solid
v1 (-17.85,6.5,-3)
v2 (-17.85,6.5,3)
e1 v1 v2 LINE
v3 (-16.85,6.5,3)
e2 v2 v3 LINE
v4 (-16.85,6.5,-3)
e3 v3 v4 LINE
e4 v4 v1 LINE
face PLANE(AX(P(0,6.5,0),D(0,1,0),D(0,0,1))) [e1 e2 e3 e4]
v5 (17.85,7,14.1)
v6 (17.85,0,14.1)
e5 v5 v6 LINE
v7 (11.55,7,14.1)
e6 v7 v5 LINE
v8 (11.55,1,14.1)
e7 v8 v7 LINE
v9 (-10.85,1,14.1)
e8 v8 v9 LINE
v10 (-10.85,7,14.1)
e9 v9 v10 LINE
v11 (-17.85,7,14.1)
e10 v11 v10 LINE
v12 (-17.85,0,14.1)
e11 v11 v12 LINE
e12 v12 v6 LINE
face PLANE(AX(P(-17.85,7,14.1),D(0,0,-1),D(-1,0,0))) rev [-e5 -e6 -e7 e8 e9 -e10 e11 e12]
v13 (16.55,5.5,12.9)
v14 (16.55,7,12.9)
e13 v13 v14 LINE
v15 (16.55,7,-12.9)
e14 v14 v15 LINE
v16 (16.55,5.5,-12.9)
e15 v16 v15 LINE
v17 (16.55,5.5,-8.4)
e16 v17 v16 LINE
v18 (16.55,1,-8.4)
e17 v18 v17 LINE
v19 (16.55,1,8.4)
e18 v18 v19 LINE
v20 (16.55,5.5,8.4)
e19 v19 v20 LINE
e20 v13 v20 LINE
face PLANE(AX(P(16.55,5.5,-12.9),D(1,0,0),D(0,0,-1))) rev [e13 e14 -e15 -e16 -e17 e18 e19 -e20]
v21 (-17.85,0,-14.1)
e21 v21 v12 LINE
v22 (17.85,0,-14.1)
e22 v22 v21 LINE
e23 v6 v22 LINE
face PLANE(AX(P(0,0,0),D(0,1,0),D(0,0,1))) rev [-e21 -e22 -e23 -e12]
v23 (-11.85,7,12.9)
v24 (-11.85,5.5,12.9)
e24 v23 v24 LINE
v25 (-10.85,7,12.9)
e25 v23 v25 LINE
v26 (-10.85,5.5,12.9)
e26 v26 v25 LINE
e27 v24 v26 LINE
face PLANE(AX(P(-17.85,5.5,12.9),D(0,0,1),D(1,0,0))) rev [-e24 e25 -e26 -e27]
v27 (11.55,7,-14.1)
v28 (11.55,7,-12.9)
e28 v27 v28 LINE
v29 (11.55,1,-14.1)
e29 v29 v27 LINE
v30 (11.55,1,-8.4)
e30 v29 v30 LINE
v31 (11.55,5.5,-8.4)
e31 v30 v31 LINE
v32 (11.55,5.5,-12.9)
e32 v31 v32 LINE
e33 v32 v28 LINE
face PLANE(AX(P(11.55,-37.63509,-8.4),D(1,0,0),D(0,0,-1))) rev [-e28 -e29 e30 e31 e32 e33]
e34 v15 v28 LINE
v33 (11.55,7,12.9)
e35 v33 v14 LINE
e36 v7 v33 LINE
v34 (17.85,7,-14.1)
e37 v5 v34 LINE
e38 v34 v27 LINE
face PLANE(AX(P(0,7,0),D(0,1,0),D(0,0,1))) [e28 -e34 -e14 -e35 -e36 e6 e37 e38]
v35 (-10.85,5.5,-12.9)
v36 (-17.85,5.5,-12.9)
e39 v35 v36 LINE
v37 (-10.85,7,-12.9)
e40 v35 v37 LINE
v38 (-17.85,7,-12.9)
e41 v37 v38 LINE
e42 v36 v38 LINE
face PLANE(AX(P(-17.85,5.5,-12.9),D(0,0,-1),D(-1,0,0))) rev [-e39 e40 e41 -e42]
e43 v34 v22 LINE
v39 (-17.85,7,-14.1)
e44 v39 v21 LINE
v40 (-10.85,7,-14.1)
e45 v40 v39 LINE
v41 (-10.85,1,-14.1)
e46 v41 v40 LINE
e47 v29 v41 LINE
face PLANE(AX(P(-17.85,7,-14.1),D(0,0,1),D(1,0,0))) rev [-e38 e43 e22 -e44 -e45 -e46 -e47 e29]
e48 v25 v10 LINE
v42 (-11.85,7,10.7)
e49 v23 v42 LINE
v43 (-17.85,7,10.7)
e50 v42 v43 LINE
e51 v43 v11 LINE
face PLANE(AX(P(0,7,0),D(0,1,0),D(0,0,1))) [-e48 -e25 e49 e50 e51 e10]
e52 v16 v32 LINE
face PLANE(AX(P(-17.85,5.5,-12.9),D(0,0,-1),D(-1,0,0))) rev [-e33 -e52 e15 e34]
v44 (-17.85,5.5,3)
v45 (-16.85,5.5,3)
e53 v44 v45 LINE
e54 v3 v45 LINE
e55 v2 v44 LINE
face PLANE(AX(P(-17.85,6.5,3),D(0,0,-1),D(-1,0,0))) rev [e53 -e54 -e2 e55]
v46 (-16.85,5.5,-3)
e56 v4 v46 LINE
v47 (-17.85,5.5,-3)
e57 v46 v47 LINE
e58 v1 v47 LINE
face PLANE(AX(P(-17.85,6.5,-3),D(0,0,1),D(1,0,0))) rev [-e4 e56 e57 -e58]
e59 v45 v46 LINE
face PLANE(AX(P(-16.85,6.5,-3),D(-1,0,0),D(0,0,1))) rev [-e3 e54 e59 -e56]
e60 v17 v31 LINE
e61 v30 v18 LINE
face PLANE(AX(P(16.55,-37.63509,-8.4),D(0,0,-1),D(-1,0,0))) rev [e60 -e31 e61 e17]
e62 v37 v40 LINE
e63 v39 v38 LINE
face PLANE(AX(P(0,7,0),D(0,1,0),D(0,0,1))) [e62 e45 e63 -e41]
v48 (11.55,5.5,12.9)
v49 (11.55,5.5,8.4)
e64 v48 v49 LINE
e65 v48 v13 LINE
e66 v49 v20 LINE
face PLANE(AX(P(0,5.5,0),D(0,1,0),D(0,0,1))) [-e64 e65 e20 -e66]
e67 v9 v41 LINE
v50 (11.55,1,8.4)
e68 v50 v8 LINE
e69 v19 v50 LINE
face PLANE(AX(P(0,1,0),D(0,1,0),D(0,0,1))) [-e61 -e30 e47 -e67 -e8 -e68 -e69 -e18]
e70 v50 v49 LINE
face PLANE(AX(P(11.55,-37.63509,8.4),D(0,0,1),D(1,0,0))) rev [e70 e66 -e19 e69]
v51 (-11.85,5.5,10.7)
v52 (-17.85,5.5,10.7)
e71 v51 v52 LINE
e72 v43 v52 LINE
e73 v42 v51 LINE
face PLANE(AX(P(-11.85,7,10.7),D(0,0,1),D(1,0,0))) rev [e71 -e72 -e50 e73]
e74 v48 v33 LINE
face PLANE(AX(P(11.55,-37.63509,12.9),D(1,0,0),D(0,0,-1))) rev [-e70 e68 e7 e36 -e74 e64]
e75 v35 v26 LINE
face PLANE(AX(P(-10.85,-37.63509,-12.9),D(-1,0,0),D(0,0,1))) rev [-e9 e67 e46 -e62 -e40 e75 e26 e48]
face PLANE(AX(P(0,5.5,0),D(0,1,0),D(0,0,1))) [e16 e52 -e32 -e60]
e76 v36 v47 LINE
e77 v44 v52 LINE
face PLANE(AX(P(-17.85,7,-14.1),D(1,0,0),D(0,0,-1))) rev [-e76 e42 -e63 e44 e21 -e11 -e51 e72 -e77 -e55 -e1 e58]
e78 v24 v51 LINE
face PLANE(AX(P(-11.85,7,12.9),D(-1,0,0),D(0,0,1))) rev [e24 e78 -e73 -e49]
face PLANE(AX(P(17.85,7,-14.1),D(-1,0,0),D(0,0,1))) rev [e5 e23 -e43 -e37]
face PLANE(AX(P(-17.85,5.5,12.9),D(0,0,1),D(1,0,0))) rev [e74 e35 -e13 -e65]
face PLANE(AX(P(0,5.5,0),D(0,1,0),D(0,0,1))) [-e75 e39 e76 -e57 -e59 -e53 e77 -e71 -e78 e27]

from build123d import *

# Parameters (mm, degrees)
SKETCH1_W           = 35.7
SKETCH1_H           = 28.2
BOSS_EXTRUDE1_DEPTH = 7
SKETCH2_W           = 34.4
SKETCH2_H           = 25.8
CUT_EXTRUDE1_DEPTH  = 1.5
CUT_EXTRUDE2_DEPTH  = 4.5
SKETCH4_W           = 22.4
SKETCH4_H           = 1.2
CUT_EXTRUDE3_DEPTH  = 6
SKETCH5_W           = 1
SKETCH5_H           = 6
BOSS_EXTRUDE2_DEPTH = 1
SKETCH6_W           = 6
SKETCH6_H           = 2.2
BOSS_EXTRUDE3_DEPTH = 1.5


with BuildPart() as part:
    # Sketch1 → Boss-Extrude1 (new body)
    with BuildSketch(Plane(origin=(0, 0, 0), x_dir=(1, 0, 0), z_dir=(0, 1, 0))):
        Rectangle(SKETCH1_W, SKETCH1_H)
    extrude(amount=BOSS_EXTRUDE1_DEPTH)

    # Sketch2 → Cut-Extrude1 (cut)
    with BuildSketch(Plane(origin=(0, 7, 0), x_dir=(1, 0, 0), z_dir=(0, 1, 0))):
        with Locations((-0.65, 0)):
            Rectangle(SKETCH2_W, SKETCH2_H)
    extrude(amount=-CUT_EXTRUDE1_DEPTH, mode=Mode.SUBTRACT)

    # Sketch3 → Cut-Extrude2 (cut)
    with BuildSketch(Plane(origin=(0, 5.5, 0), x_dir=(1, 0, 0), z_dir=(0, 1, 0))):
        Polygon((-10.85, 12.9), (-10.85, -12.9), (11.55, -12.9), (11.55, -8.4), (16.55, -8.4), (16.55, 8.4), (11.55, 8.4), (11.55, 12.9), align=None)
    extrude(amount=-CUT_EXTRUDE2_DEPTH, mode=Mode.SUBTRACT)

    # Sketch4 → Cut-Extrude3 (cut)
    with BuildSketch(Plane(origin=(0, 7, 0), x_dir=(1, 0, 0), z_dir=(0, 1, 0))):
        with Locations((0.35, -13.5)):
            Rectangle(SKETCH4_W, SKETCH4_H)
    cut_extrude3 = extrude(amount=-CUT_EXTRUDE3_DEPTH, mode=Mode.SUBTRACT)

    # Mirror1: Cut-Extrude3 across plane
    add(cut_extrude3.mirror(Plane.XY), mode=Mode.SUBTRACT)

    # Sketch5 → Boss-Extrude2 (add)
    with BuildSketch(Plane(origin=(0, 5.5, 0), x_dir=(1, 0, 0), z_dir=(0, 1, 0))):
        with Locations((-17.35, 0)):
            Rectangle(SKETCH5_W, SKETCH5_H)
    extrude(amount=BOSS_EXTRUDE2_DEPTH)

    # Sketch6 → Boss-Extrude3 (add)
    with BuildSketch(Plane(origin=(0, 5.5, 0), x_dir=(1, 0, 0), z_dir=(0, 1, 0))):
        with Locations((-14.85, -11.8)):
            Rectangle(SKETCH6_W, SKETCH6_H)
    extrude(amount=BOSS_EXTRUDE3_DEPTH)


solid = part.part
